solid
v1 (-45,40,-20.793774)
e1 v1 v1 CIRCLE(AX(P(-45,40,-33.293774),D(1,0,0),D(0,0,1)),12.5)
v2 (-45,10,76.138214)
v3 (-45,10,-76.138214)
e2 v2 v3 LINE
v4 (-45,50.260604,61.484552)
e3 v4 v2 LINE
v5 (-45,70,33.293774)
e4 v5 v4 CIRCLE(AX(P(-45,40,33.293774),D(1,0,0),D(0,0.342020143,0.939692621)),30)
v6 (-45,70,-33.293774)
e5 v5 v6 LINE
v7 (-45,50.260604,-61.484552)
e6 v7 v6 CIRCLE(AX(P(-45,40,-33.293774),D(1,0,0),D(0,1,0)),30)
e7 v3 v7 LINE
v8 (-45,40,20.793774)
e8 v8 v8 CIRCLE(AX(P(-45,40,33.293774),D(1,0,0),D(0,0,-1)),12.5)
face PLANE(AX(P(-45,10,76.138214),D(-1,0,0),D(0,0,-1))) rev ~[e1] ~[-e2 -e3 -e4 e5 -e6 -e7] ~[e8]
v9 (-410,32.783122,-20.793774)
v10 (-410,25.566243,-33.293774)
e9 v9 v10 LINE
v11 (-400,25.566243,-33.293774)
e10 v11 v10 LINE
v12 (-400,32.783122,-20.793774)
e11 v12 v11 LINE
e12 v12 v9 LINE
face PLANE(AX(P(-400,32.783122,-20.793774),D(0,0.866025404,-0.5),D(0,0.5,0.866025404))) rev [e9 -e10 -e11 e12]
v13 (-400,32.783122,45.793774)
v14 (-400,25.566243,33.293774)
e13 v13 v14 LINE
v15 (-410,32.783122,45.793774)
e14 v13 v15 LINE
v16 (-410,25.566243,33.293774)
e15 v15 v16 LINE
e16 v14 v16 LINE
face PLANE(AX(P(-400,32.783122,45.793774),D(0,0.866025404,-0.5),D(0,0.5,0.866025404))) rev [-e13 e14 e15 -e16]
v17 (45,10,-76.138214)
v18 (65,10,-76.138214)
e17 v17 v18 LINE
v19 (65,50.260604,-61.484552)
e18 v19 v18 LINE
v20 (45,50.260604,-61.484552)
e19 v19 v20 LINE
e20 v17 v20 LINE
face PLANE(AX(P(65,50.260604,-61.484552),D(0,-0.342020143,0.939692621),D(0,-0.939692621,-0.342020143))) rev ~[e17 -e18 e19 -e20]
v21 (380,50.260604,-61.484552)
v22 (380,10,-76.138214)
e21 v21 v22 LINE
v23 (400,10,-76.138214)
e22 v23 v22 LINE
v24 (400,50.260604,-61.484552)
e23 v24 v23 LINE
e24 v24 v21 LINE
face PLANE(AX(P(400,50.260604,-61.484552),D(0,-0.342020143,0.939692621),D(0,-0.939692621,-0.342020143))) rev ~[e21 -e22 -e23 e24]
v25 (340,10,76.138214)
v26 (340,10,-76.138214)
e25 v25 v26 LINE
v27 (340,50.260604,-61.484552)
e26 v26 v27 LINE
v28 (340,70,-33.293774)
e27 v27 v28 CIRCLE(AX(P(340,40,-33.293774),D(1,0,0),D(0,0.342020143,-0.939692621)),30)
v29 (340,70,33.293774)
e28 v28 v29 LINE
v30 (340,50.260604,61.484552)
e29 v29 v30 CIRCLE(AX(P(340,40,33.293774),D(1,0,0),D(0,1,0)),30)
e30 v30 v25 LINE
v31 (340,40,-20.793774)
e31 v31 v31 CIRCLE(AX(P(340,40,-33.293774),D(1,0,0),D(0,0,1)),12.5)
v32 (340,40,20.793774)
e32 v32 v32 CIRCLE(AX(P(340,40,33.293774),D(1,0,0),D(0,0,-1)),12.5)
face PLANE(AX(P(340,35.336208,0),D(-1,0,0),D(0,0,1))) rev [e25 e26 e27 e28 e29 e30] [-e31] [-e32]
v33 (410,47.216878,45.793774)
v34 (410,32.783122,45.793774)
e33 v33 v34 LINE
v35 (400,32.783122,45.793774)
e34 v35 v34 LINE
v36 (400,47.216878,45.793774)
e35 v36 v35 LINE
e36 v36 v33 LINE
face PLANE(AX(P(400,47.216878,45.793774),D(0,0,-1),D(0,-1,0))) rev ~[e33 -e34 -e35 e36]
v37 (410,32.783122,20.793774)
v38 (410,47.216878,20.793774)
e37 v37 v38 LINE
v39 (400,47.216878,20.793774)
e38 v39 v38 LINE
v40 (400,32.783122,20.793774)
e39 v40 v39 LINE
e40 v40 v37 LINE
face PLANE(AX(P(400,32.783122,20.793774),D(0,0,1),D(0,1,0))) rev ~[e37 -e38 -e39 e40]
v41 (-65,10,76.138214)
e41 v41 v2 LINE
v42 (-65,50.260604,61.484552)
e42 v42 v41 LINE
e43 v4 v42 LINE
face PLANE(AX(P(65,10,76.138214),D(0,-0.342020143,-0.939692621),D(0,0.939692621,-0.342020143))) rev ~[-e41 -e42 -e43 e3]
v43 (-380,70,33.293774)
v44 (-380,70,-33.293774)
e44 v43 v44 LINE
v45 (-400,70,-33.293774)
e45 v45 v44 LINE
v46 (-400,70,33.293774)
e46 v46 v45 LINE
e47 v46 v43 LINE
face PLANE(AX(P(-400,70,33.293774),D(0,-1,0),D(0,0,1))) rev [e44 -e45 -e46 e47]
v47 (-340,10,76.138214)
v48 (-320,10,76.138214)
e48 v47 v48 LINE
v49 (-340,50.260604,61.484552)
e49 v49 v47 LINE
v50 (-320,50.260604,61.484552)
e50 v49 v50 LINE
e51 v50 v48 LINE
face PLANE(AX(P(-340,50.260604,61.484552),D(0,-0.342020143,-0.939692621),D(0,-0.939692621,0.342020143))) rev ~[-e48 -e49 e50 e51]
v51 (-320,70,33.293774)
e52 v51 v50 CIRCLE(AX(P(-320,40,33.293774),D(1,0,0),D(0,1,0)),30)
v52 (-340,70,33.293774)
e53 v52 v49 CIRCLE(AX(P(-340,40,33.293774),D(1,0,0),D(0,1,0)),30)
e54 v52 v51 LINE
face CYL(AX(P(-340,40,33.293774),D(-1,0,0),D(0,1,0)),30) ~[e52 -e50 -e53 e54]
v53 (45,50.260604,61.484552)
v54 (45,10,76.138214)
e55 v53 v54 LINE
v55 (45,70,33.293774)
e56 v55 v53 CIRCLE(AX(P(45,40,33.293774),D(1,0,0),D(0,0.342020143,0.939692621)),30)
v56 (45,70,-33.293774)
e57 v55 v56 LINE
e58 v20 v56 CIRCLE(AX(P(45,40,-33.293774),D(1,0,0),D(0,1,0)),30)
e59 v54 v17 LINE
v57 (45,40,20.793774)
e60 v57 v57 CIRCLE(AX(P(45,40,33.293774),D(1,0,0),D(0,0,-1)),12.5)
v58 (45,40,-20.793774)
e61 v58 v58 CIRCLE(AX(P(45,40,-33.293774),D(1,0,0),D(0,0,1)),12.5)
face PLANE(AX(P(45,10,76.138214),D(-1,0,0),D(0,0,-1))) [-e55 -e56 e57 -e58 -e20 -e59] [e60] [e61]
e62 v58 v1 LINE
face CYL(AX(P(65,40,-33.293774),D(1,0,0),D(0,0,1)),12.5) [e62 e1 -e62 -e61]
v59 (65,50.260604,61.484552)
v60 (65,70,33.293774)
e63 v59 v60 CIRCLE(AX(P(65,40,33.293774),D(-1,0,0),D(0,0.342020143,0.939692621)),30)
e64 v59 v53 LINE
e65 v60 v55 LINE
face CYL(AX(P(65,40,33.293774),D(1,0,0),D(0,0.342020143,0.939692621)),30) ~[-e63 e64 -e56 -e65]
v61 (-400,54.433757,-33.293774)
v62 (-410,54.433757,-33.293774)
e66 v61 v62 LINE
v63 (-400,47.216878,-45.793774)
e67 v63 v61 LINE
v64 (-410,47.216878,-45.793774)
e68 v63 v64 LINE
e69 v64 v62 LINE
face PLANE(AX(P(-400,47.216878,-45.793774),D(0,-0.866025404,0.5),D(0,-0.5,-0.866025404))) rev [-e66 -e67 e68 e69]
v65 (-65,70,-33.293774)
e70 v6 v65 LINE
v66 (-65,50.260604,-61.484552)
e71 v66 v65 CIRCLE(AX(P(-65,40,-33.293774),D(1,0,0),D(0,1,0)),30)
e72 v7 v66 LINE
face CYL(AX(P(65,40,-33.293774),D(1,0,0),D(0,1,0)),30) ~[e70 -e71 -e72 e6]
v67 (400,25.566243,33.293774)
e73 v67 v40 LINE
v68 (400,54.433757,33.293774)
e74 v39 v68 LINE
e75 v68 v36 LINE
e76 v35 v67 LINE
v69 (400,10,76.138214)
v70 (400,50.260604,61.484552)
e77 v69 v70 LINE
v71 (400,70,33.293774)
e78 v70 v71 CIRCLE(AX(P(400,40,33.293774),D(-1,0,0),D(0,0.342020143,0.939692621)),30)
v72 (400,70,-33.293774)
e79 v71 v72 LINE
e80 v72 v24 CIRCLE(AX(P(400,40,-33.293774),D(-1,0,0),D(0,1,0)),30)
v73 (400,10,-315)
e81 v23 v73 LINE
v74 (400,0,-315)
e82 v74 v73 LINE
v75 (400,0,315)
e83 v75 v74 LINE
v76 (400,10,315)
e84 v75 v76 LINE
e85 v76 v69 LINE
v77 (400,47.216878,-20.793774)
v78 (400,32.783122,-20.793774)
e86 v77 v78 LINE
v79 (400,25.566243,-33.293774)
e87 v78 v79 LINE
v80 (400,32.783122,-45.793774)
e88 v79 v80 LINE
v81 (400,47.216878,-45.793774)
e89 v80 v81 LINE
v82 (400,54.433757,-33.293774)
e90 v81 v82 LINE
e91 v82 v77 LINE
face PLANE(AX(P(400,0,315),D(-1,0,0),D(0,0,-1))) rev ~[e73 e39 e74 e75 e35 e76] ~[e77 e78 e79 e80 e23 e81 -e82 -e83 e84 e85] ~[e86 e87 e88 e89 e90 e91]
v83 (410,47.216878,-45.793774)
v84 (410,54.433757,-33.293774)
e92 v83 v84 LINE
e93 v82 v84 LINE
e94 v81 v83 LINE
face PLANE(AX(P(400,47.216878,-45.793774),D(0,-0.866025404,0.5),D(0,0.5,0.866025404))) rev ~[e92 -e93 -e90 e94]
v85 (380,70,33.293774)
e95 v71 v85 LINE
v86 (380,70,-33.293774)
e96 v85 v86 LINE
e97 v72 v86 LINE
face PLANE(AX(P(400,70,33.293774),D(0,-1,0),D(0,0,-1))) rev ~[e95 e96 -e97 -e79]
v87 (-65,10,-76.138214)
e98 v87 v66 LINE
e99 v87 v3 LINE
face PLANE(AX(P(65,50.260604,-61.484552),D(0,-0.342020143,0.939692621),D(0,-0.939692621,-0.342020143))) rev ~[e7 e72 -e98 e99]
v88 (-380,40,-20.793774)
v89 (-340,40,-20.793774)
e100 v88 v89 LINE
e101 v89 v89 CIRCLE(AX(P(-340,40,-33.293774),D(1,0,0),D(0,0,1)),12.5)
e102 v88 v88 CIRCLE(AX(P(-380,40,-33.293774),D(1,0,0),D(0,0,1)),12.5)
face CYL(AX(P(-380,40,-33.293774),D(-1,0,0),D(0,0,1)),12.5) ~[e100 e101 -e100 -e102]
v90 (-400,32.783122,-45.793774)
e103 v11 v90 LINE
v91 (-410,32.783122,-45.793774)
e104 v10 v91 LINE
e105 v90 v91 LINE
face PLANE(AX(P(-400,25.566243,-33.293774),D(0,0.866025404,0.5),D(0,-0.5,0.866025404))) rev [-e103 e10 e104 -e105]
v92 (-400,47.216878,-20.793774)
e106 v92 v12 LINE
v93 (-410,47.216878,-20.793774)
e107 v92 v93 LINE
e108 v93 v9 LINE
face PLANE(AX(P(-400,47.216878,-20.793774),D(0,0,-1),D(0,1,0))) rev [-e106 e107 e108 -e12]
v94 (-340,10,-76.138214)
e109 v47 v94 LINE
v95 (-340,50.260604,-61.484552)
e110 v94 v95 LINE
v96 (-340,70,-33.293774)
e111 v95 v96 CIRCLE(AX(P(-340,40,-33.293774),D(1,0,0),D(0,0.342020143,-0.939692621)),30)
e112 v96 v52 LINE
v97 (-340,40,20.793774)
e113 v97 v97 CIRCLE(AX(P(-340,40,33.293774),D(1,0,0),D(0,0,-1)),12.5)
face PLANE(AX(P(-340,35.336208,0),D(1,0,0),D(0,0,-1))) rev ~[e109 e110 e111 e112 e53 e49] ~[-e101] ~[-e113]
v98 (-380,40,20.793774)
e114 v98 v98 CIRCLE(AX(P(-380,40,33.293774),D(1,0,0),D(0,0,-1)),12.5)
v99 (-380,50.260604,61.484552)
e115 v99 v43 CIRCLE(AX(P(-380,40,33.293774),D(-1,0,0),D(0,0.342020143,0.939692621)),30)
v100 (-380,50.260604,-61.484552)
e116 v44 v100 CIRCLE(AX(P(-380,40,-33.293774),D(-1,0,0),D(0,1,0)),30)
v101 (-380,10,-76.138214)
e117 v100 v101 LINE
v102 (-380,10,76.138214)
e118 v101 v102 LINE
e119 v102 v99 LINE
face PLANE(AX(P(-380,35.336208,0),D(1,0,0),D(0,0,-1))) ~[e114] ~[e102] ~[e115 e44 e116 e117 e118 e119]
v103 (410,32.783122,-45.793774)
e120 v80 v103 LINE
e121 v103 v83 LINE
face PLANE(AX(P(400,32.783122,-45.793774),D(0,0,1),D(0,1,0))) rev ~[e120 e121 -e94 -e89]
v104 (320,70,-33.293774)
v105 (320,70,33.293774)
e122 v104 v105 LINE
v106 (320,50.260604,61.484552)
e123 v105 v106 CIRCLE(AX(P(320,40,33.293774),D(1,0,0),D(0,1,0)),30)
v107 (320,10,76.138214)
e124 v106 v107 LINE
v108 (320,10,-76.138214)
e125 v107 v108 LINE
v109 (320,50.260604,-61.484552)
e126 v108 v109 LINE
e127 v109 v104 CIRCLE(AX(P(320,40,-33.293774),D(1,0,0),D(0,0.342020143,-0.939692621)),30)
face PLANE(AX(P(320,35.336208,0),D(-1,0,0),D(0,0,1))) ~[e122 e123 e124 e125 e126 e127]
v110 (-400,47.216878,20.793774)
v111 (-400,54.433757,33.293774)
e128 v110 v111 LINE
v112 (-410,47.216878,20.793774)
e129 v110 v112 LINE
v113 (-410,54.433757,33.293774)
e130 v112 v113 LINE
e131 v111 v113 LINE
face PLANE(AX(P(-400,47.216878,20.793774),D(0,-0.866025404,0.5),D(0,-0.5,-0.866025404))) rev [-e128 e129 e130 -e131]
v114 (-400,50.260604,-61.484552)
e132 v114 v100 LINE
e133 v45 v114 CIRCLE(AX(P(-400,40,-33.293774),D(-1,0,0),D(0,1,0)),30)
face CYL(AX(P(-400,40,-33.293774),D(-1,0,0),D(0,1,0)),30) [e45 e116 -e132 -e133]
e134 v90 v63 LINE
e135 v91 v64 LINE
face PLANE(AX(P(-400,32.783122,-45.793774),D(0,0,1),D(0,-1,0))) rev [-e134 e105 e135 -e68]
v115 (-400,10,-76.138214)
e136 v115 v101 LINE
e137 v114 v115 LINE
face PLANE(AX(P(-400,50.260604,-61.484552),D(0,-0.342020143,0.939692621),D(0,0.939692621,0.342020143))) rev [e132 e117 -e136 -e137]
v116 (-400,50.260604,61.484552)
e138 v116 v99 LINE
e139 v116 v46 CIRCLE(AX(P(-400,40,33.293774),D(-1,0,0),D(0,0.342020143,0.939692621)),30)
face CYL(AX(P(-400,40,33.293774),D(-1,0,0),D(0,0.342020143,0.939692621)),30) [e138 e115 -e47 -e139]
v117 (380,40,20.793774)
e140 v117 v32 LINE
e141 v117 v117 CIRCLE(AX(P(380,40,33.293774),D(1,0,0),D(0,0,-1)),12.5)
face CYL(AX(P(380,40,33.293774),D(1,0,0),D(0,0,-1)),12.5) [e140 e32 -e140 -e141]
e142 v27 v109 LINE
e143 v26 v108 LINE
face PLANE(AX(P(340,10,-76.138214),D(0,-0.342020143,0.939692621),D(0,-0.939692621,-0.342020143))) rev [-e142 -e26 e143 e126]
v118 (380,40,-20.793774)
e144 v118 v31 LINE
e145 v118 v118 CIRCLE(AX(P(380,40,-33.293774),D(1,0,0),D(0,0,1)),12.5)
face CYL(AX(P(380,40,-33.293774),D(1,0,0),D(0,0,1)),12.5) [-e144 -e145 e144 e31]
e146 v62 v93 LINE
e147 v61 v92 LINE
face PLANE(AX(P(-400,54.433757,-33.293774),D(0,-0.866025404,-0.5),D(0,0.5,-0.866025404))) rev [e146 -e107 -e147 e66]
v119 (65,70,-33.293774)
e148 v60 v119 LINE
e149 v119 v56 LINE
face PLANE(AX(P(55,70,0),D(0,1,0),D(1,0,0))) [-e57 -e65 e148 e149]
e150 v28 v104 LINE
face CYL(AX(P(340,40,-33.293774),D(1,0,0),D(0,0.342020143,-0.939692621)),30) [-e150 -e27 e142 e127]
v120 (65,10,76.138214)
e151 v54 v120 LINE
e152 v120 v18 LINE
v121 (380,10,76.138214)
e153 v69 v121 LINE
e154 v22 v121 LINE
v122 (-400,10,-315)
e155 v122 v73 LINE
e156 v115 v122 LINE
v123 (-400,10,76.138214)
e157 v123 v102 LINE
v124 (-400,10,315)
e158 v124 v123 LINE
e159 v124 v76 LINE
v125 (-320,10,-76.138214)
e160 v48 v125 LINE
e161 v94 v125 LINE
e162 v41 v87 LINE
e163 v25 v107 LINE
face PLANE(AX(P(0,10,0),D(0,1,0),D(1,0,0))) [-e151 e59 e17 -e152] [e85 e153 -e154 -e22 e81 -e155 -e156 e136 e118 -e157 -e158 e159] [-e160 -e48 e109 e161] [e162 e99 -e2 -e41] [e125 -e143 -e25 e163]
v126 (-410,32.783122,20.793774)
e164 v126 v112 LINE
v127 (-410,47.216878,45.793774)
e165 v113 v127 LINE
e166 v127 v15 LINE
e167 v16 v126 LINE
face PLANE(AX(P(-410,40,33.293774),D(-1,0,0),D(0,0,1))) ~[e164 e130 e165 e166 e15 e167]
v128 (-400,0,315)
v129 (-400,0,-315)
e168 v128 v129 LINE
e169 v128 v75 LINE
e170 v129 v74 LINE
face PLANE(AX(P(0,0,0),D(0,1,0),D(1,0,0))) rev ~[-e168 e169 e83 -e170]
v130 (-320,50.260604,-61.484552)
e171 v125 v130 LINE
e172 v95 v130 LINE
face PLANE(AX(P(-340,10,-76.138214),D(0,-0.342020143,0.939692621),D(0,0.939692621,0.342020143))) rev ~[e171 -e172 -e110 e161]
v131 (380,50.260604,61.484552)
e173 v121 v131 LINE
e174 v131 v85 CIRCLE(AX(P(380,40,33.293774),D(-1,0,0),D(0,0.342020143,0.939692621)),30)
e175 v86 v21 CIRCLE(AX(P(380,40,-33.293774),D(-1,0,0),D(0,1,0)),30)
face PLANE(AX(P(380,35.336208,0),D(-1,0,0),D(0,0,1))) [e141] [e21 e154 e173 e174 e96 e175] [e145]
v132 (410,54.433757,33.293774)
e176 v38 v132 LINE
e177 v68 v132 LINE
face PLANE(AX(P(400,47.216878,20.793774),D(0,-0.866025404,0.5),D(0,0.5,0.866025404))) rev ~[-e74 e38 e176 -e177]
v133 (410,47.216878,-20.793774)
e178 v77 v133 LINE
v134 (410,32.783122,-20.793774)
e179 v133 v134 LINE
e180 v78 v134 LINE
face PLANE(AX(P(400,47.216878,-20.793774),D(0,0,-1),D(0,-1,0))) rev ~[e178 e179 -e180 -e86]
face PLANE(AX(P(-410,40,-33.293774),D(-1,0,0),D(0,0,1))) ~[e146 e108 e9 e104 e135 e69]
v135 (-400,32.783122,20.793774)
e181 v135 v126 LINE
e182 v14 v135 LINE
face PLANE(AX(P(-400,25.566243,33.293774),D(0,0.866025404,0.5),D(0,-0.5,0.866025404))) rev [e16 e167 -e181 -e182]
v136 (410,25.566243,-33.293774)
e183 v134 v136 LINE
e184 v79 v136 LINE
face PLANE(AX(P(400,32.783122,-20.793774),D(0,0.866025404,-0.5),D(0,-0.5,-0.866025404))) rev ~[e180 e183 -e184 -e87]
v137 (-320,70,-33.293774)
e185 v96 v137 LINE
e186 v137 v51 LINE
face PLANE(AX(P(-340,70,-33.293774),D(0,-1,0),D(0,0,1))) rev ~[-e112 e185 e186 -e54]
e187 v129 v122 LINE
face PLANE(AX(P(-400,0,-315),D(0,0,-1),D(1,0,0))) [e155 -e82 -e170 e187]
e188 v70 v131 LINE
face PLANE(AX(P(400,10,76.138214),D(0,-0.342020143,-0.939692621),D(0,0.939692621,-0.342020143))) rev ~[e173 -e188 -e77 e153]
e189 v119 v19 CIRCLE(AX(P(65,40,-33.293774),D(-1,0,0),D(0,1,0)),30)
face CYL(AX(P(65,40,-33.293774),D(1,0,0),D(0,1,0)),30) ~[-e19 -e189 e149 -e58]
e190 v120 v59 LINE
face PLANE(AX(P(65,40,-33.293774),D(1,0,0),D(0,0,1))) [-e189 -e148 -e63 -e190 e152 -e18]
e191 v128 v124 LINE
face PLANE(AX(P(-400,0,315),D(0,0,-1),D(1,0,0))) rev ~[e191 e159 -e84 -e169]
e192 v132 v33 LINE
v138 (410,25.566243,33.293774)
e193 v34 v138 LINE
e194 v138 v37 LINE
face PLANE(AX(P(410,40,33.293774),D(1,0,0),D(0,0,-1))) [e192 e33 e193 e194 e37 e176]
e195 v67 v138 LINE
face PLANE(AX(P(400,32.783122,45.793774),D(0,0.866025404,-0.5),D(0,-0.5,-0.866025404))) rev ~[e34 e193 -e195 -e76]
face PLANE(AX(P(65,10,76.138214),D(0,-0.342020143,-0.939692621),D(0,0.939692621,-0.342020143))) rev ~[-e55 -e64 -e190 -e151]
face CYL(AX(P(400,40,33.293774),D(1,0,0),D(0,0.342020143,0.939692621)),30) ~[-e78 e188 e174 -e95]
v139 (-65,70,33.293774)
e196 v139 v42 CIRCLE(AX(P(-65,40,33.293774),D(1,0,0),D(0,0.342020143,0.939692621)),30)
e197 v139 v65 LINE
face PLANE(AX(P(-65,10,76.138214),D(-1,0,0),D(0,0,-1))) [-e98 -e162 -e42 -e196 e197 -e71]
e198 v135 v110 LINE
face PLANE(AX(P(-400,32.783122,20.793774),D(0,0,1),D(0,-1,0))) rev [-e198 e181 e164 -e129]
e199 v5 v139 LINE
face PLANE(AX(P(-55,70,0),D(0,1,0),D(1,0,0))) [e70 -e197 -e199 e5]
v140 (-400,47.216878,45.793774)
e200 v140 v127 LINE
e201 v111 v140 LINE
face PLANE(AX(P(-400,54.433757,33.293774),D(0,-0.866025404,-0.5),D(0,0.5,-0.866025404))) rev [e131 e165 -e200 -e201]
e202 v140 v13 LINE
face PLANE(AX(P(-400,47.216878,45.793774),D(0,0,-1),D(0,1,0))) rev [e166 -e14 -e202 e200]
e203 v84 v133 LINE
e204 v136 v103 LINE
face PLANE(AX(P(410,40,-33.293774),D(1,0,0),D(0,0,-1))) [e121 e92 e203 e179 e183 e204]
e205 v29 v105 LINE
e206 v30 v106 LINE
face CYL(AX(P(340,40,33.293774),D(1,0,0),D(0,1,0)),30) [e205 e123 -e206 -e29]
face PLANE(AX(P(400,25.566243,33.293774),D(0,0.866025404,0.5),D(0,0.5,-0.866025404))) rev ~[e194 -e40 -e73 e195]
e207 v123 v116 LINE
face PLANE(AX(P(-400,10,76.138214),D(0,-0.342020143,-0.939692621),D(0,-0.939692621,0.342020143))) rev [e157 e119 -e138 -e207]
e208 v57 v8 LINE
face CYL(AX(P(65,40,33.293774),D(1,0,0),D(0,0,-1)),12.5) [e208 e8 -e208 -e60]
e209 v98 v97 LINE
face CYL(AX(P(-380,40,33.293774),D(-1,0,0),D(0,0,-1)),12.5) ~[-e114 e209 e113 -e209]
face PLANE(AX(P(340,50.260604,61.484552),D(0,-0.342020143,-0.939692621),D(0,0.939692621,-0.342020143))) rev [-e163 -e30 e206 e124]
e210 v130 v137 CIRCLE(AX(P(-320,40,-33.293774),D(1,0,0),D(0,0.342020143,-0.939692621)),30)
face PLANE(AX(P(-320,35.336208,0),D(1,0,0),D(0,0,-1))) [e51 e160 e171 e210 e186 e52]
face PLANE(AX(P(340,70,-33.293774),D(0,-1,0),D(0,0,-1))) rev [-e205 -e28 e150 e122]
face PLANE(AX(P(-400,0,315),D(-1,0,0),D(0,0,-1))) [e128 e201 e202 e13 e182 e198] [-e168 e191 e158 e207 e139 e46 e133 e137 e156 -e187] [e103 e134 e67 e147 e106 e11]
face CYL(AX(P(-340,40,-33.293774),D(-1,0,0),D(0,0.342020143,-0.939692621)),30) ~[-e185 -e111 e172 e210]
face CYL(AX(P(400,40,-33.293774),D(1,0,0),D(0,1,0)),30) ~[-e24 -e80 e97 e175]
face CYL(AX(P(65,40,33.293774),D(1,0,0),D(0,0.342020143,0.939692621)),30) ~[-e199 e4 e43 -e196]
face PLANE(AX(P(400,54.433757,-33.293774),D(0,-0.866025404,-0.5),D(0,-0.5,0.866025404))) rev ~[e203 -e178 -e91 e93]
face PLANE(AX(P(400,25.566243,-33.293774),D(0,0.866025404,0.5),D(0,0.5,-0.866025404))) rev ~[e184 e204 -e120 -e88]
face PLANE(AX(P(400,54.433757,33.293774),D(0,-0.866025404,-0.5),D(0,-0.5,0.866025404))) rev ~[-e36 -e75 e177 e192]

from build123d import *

# Parameters (mm, degrees)
CROQUIS1_W              = 800
CROQUIS1_H              = 630
SALIENTE_EXTRUIR1_DEPTH = 10
SALIENTE_EXTRUIR3_DEPTH = 20
SALIENTE_EXTRUIR4_DEPTH = 10
CROQUIS5_R              = 12.5
SALIENTE_EXTRUIR5_DEPTH = 40
SALIENTE_EXTRUIR6_DEPTH = 20
CROQUIS7_W              = 20
CROQUIS7_H              = 152.276428112
SALIENTE_EXTRUIR7_DEPTH = 60
CORTAR_EXTRUIR1_DEPTH   = 140
CROQUIS9_R              = 12.5
SALIENTE_EXTRUIR8_DEPTH = 111


with BuildPart() as part:
    # Croquis1 → Saliente-Extruir1 (new body)
    with BuildSketch(Plane(origin=(0, 0, 0), x_dir=(1, 0, 0), z_dir=(0, 1, 0))):
        Rectangle(CROQUIS1_W, CROQUIS1_H)
    extrude(amount=SALIENTE_EXTRUIR1_DEPTH)

    # Croquis2 → Saliente-Extruir3 (add)
    with BuildSketch(Plane(origin=(400, 0, 0), x_dir=(0, 0, -1), z_dir=(1, 0, 0))):
        with BuildLine():
            Line((-33.293773854, 70), (33.293773854, 70))
            ThreePointArc((33.293773854, 70), (50.501066944, 64.574561329), (61.484552477, 50.2606043))
            Line((61.484552477, 50.2606043), (76.138214056, 10))
            Line((76.138214056, 10), (-76.138214056, 10))
            Line((-76.138214056, 10), (-61.484552477, 50.2606043))
            ThreePointArc((-61.484552477, 50.2606043), (-50.501066944, 64.574561329), (-33.293773854, 70))
        make_face()
    saliente_extruir3 = extrude(amount=-SALIENTE_EXTRUIR3_DEPTH)

    # Croquis4 → Saliente-Extruir4 (add)
    with BuildSketch(Plane(origin=(400, 0, 0), x_dir=(0, 0, -1), z_dir=(1, 0, 0))):
        Polygon((-33.293773854, 54.43375673), (-45.793773854, 47.216878365), (-45.793773854, 32.783121635), (-33.293773854, 25.56624327), (-20.793773854, 32.783121635), (-20.793773854, 47.216878365), align=None)
        Polygon((33.293773854, 54.43375673), (20.793773854, 47.216878365), (20.793773854, 32.783121635), (33.293773854, 25.56624327), (45.793773854, 32.783121635), (45.793773854, 47.216878365), align=None)
    saliente_extruir4 = extrude(amount=SALIENTE_EXTRUIR4_DEPTH)

    # Simetría1: Saliente-Extruir3, Saliente-Extruir4 across plane
    add(saliente_extruir3.mirror(Plane(origin=(0, 0, 0), x_dir=(0, 0, 1), z_dir=(1, 0, 0))))
    add(saliente_extruir4.mirror(Plane(origin=(0, 0, 0), x_dir=(0, 0, 1), z_dir=(1, 0, 0))))

    # Croquis5 → Saliente-Extruir5 (add)
    with BuildSketch(Plane(origin=(-380, 0, 0), x_dir=(0, 0, -1), z_dir=(1, 0, 0))):
        with Locations((-33.293773854, 40)):
            Circle(CROQUIS5_R)
        with Locations((33.293773854, 40)):
            Circle(CROQUIS5_R)
    saliente_extruir5 = extrude(amount=SALIENTE_EXTRUIR5_DEPTH)

    # Croquis6 → Saliente-Extruir6 (add)
    with BuildSketch(Plane(origin=(-340, 0, 0), x_dir=(0, 0, -1), z_dir=(1, 0, 0))):
        with BuildLine():
            Line((-76.138214056, 10), (76.138214056, 10))
            Line((76.138214056, 10), (61.484552477, 50.2606043))
            ThreePointArc((61.484552477, 50.2606043), (50.501066944, 64.574561329), (33.293773854, 70))
            Line((33.293773854, 70), (-33.293773854, 70))
            ThreePointArc((-33.293773854, 70), (-50.501066944, 64.574561329), (-61.484552477, 50.2606043))
            Line((-61.484552477, 50.2606043), (-76.138214056, 10))
        make_face()
    saliente_extruir6 = extrude(amount=SALIENTE_EXTRUIR6_DEPTH)

    # Simetría2: Saliente-Extruir5, Saliente-Extruir6 across plane
    add(saliente_extruir5.mirror(Plane(origin=(0, 0, 0), x_dir=(0, 0, 1), z_dir=(1, 0, 0))))
    add(saliente_extruir6.mirror(Plane(origin=(0, 0, 0), x_dir=(0, 0, 1), z_dir=(1, 0, 0))))

    # Croquis7 → Saliente-Extruir7 (add)
    with BuildSketch(Plane(origin=(0, 10, 0), x_dir=(1, 0, 0), z_dir=(0, 1, 0))):
        with Locations((-55, 0)):
            Rectangle(CROQUIS7_W, CROQUIS7_H)
        with Locations((55, 0)):
            Rectangle(CROQUIS7_W, CROQUIS7_H)
    extrude(amount=SALIENTE_EXTRUIR7_DEPTH)

    # Croquis8 → Cortar-Extruir1 (cut)
    with BuildSketch(Plane(origin=(65, 0, 0), x_dir=(0, 0, -1), z_dir=(1, 0, 0))):
        with BuildLine():
            ThreePointArc((-61.484552477, 50.2606043), (-50.501066944, 64.574561329), (-33.293773854, 70))
            Line((-33.293773854, 70), (-76.138214056, 70))
            Line((-76.138214056, 70), (-76.138214056, 10))
            Line((-76.138214056, 10), (-61.484552477, 50.2606043))
        make_face()
        with BuildLine():
            Line((61.484552477, 50.2606043), (76.138214056, 10))
            Line((76.138214056, 10), (76.138214056, 70))
            Line((76.138214056, 70), (33.293773854, 70))
            ThreePointArc((33.293773854, 70), (50.501066944, 64.574561329), (61.484552477, 50.2606043))
        make_face()
    extrude(amount=-CORTAR_EXTRUIR1_DEPTH, mode=Mode.SUBTRACT)

    # Croquis9 → Saliente-Extruir8 (add)
    with BuildSketch(Plane(origin=(65, 0, 0), x_dir=(0, 0, -1), z_dir=(1, 0, 0))):
        with Locations((33.293773854, 40)):
            Circle(CROQUIS9_R)
        with Locations((-33.293773854, 40)):
            Circle(CROQUIS9_R)
    extrude(amount=-SALIENTE_EXTRUIR8_DEPTH)


solid = part.part
